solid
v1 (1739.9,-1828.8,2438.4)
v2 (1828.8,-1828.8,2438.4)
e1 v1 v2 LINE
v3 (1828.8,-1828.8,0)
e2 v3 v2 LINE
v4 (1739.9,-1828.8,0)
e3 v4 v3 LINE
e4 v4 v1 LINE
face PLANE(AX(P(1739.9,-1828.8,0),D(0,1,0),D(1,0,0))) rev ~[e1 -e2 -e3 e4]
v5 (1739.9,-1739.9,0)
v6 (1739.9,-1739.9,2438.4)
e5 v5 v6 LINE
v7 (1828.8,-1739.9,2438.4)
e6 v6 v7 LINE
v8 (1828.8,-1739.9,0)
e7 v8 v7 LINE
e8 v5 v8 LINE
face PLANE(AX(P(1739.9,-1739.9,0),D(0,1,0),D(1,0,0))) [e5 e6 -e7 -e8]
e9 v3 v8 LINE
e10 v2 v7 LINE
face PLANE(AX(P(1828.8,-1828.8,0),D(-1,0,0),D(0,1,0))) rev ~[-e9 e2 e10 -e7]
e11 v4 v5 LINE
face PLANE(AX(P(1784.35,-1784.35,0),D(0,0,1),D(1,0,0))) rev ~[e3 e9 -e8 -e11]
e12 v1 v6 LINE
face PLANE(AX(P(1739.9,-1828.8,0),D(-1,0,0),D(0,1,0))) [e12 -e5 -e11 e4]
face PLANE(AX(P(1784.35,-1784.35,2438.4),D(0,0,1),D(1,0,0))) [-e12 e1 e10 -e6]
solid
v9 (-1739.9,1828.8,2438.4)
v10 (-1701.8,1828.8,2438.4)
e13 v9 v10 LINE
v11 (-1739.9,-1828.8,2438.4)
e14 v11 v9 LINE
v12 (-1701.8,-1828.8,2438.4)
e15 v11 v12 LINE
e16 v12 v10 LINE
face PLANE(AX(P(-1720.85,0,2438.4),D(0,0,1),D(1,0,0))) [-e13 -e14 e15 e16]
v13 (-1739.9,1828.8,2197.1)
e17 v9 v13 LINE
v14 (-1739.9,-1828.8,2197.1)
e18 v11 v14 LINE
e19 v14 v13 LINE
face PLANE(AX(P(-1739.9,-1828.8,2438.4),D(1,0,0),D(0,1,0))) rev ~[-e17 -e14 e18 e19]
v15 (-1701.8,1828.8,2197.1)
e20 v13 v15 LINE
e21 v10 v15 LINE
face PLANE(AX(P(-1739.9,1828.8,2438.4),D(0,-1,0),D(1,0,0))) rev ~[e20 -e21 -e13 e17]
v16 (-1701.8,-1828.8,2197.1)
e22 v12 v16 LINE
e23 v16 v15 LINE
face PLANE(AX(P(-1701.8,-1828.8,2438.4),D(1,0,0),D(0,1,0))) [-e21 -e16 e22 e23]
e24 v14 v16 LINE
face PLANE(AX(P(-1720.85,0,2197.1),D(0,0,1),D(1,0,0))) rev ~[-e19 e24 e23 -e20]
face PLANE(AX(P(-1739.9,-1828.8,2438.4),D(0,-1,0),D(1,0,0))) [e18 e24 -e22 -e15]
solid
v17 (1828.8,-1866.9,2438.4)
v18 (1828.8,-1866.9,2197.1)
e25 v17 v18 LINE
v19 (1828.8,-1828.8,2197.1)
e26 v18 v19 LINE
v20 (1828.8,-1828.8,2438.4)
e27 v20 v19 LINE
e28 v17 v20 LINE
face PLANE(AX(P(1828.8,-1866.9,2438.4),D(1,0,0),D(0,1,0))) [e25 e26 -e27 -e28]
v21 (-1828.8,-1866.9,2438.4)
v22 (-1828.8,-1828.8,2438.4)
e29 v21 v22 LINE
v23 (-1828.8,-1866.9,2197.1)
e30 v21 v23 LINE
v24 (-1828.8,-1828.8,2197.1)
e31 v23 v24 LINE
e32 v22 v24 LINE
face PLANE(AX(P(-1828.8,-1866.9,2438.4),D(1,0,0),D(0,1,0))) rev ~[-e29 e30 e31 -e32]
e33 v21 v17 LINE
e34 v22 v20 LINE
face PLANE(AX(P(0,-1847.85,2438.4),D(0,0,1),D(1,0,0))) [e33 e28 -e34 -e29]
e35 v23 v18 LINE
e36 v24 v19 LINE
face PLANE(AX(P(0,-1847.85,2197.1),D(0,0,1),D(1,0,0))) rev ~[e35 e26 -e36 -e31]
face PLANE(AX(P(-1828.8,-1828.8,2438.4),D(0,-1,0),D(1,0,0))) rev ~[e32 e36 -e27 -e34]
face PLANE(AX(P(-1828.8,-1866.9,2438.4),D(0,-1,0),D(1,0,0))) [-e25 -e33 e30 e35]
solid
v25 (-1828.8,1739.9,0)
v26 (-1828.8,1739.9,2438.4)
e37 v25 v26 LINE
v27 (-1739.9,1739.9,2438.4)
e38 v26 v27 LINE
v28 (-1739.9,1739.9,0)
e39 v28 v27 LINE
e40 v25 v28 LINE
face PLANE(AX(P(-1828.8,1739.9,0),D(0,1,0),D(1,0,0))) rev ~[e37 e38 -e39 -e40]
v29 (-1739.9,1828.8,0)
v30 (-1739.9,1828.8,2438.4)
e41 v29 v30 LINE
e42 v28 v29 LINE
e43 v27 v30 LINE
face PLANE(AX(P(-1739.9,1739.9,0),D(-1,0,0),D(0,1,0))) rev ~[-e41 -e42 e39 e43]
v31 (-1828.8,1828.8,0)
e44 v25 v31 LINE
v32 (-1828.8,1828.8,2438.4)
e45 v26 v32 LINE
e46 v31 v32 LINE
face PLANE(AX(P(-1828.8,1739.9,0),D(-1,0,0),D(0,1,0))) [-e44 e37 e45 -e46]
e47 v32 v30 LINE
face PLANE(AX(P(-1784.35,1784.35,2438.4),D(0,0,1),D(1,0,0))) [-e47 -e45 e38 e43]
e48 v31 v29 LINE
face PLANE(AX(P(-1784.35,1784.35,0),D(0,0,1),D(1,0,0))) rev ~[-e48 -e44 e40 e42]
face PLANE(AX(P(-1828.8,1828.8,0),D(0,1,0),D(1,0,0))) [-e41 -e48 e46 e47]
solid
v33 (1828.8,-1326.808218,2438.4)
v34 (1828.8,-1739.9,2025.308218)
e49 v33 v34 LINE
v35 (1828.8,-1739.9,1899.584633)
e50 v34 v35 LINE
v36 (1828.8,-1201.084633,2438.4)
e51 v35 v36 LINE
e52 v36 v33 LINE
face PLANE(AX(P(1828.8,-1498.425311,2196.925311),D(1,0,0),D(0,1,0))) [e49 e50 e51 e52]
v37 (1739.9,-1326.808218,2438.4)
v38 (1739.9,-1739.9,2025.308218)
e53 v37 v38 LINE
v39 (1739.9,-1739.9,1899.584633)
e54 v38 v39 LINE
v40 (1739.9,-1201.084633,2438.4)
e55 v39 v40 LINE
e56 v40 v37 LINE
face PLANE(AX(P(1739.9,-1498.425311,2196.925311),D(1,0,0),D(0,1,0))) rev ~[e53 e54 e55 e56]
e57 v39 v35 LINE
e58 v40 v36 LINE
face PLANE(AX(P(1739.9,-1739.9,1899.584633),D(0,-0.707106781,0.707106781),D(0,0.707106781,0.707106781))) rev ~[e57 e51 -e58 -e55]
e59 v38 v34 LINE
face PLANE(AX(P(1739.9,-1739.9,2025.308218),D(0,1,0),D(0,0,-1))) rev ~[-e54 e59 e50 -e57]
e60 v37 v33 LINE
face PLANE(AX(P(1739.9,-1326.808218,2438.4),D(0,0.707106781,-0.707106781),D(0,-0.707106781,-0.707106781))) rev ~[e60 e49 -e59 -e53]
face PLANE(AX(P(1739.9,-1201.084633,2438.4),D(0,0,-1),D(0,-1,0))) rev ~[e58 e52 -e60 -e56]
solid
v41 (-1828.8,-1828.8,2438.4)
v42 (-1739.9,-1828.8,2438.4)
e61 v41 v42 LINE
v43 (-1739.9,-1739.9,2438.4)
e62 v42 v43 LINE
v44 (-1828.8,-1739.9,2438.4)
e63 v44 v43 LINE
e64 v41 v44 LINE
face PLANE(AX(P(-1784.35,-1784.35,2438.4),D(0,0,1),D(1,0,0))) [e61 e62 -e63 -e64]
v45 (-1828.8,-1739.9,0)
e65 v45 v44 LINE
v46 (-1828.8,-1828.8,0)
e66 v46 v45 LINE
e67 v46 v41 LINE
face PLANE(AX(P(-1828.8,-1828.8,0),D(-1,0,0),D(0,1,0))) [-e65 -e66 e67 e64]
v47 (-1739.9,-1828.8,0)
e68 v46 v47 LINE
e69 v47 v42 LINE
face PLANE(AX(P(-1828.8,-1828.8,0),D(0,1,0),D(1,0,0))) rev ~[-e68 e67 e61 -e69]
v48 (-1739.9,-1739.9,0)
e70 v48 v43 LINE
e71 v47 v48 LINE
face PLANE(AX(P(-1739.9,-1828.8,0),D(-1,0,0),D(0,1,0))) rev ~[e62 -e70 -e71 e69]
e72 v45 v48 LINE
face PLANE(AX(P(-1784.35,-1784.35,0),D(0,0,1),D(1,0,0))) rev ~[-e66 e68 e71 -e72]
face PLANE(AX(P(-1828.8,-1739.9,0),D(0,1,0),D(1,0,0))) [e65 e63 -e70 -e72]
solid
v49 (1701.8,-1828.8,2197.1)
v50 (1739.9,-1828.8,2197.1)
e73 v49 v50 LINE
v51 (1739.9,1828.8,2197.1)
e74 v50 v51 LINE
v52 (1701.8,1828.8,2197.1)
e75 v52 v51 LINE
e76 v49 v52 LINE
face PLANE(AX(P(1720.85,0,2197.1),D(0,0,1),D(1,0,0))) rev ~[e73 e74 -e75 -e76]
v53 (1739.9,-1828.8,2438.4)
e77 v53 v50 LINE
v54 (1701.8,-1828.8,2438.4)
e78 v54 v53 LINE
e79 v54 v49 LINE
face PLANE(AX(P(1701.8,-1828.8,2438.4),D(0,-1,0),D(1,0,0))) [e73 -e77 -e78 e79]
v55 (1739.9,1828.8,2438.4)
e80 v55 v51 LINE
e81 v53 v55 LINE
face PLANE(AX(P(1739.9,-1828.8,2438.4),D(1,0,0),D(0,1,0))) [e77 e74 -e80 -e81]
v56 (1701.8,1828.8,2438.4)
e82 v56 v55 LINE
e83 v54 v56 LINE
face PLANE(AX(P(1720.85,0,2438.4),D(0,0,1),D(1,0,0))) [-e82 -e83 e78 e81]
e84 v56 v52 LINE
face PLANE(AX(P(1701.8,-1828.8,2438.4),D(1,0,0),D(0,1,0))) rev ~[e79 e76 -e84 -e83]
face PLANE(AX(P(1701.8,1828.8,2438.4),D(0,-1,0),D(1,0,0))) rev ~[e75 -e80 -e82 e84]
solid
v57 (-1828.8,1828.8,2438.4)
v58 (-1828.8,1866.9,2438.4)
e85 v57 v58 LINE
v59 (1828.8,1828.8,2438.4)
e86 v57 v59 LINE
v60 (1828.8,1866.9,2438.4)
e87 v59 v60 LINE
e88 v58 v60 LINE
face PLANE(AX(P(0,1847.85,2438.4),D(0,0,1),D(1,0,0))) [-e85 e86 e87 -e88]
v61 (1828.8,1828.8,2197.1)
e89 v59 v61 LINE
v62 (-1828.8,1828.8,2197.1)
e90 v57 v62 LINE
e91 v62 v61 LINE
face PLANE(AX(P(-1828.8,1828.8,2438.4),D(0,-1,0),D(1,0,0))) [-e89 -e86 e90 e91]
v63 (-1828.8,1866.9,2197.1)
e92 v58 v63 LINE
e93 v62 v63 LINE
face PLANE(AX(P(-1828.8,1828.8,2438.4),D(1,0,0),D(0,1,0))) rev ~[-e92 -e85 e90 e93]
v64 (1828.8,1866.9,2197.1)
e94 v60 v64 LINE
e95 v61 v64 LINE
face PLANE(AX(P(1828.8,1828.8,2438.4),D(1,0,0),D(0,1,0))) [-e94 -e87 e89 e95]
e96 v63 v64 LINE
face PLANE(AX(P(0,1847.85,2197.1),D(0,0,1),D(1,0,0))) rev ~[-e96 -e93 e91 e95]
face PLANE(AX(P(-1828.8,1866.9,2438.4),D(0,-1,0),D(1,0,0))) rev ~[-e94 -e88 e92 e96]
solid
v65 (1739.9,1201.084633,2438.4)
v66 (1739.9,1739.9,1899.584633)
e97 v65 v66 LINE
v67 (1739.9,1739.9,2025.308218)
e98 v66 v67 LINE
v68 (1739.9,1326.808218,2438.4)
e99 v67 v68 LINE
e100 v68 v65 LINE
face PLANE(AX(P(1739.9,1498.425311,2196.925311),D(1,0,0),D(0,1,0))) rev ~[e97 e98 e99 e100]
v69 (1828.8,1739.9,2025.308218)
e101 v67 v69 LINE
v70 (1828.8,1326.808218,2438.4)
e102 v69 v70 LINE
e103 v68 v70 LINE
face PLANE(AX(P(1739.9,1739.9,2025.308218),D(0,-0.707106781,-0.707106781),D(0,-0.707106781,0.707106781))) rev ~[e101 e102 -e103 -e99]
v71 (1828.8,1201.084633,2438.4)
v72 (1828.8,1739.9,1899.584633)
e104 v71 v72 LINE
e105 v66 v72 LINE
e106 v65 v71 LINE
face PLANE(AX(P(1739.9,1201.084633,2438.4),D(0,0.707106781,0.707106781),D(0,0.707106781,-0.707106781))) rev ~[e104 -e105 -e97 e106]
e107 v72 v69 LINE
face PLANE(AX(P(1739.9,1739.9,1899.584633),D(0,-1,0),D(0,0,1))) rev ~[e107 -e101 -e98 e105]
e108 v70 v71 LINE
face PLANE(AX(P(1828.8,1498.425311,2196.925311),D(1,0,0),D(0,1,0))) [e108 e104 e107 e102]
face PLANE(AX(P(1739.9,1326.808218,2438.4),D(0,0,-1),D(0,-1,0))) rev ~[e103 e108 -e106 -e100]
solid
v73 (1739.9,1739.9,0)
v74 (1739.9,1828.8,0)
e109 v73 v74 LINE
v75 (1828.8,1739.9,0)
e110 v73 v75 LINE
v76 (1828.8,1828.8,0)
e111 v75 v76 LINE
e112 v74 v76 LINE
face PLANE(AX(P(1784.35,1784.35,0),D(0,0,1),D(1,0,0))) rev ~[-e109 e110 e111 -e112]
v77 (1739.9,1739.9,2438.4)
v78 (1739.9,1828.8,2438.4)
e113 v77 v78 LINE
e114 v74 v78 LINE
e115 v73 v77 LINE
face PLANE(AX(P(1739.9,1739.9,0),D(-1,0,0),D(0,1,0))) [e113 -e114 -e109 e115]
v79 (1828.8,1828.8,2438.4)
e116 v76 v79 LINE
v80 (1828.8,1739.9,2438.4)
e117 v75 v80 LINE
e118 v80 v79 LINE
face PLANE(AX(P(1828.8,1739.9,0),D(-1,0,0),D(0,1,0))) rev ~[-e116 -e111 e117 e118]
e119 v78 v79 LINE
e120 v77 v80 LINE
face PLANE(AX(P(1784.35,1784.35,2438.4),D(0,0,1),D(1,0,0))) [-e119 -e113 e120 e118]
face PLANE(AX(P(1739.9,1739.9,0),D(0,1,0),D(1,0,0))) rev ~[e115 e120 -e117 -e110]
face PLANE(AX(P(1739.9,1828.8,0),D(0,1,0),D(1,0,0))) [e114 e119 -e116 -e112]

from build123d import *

# Parameters (mm, degrees)
F0_W     = 88.9
F0_H     = 88.9
F1_DEPTH = 2438.4
F2_W     = 38.1
F2_H     = 3657.6
F3_DEPTH = 241.3
F4_W     = 3657.6
F4_H     = 38.1
F5_DEPTH = 241.3
F7_DEPTH = 88.9


with BuildPart() as f1:
    # F0 (on Top) → F1 (new body)
    with BuildSketch(Plane.XY):
        with Locations((-1784.35, 1784.35)):
            Rectangle(F0_W, F0_H)
    extrude(amount=F1_DEPTH)


with BuildPart() as f1b:
    # F0 (on Top) → F1, piece 2 (new body)
    with BuildSketch(Plane.XY):
        with Locations((1784.35, 1784.35)):
            Rectangle(F0_W, F0_H)
    extrude(amount=F1_DEPTH)


with BuildPart() as f1c:
    # F0 (on Top) → F1, piece 3 (new body)
    with BuildSketch(Plane.XY):
        with Locations((1784.35, -1784.35)):
            Rectangle(F0_W, F0_H)
    extrude(amount=F1_DEPTH)


with BuildPart() as f1d:
    # F0 (on Top) → F1, piece 4 (new body)
    with BuildSketch(Plane.XY):
        with Locations((-1784.35, -1784.35)):
            Rectangle(F0_W, F0_H)
    extrude(amount=F1_DEPTH)


with BuildPart() as f3:
    # F2 (on face) → F3 (new body)
    with BuildSketch(Plane.XY.offset(2438.4)):
        with Locations((-1720.85, 0)):
            Rectangle(F2_W, F2_H)
    extrude(amount=-F3_DEPTH)


with BuildPart() as f3b:
    # F2 (on face) → F3, piece 2 (new body)
    with BuildSketch(Plane.XY.offset(2438.4)):
        with Locations((1720.85, 0)):
            Rectangle(F2_W, F2_H)
    extrude(amount=-F3_DEPTH)


with BuildPart() as f5:
    # F4 (on face) → F5 (new body, through all)
    with BuildSketch(Plane.XY.offset(2438.4)):
        with Locations((0, -1847.85)):
            Rectangle(F4_W, F4_H)
    extrude(amount=-F5_DEPTH)


with BuildPart() as f5b:
    # F4 (on face) → F5, piece 2 (new body, through all)
    with BuildSketch(Plane.XY.offset(2438.4)):
        with Locations((0, 1847.85)):
            Rectangle(F4_W, F4_H)
    extrude(amount=-F5_DEPTH)


with BuildPart() as f7:
    # F6 (on face) → F7 (new body, through all)
    with BuildSketch(Plane.YZ.offset(1739.9)):
        Polygon((-1326.8082184308, 2438.4), (-1739.9, 2025.3082184308), (-1739.9, 1899.5846327359), (-1201.0846327359, 2438.4), align=None)
    extrude(amount=F7_DEPTH)


with BuildPart() as f7b:
    # F6 (on face) → F7, piece 2 (new body, through all)
    with BuildSketch(Plane.YZ.offset(1739.9)):
        Polygon((1739.9, 1899.5846327359), (1739.9, 2025.3082184308), (1326.8082184308, 2438.4), (1201.0846327359, 2438.4), align=None)
    extrude(amount=F7_DEPTH)


solid = Compound([f1.part, f1b.part, f1c.part, f1d.part, f3.part, f3b.part, f5.part, f5b.part, f7.part, f7b.part])
